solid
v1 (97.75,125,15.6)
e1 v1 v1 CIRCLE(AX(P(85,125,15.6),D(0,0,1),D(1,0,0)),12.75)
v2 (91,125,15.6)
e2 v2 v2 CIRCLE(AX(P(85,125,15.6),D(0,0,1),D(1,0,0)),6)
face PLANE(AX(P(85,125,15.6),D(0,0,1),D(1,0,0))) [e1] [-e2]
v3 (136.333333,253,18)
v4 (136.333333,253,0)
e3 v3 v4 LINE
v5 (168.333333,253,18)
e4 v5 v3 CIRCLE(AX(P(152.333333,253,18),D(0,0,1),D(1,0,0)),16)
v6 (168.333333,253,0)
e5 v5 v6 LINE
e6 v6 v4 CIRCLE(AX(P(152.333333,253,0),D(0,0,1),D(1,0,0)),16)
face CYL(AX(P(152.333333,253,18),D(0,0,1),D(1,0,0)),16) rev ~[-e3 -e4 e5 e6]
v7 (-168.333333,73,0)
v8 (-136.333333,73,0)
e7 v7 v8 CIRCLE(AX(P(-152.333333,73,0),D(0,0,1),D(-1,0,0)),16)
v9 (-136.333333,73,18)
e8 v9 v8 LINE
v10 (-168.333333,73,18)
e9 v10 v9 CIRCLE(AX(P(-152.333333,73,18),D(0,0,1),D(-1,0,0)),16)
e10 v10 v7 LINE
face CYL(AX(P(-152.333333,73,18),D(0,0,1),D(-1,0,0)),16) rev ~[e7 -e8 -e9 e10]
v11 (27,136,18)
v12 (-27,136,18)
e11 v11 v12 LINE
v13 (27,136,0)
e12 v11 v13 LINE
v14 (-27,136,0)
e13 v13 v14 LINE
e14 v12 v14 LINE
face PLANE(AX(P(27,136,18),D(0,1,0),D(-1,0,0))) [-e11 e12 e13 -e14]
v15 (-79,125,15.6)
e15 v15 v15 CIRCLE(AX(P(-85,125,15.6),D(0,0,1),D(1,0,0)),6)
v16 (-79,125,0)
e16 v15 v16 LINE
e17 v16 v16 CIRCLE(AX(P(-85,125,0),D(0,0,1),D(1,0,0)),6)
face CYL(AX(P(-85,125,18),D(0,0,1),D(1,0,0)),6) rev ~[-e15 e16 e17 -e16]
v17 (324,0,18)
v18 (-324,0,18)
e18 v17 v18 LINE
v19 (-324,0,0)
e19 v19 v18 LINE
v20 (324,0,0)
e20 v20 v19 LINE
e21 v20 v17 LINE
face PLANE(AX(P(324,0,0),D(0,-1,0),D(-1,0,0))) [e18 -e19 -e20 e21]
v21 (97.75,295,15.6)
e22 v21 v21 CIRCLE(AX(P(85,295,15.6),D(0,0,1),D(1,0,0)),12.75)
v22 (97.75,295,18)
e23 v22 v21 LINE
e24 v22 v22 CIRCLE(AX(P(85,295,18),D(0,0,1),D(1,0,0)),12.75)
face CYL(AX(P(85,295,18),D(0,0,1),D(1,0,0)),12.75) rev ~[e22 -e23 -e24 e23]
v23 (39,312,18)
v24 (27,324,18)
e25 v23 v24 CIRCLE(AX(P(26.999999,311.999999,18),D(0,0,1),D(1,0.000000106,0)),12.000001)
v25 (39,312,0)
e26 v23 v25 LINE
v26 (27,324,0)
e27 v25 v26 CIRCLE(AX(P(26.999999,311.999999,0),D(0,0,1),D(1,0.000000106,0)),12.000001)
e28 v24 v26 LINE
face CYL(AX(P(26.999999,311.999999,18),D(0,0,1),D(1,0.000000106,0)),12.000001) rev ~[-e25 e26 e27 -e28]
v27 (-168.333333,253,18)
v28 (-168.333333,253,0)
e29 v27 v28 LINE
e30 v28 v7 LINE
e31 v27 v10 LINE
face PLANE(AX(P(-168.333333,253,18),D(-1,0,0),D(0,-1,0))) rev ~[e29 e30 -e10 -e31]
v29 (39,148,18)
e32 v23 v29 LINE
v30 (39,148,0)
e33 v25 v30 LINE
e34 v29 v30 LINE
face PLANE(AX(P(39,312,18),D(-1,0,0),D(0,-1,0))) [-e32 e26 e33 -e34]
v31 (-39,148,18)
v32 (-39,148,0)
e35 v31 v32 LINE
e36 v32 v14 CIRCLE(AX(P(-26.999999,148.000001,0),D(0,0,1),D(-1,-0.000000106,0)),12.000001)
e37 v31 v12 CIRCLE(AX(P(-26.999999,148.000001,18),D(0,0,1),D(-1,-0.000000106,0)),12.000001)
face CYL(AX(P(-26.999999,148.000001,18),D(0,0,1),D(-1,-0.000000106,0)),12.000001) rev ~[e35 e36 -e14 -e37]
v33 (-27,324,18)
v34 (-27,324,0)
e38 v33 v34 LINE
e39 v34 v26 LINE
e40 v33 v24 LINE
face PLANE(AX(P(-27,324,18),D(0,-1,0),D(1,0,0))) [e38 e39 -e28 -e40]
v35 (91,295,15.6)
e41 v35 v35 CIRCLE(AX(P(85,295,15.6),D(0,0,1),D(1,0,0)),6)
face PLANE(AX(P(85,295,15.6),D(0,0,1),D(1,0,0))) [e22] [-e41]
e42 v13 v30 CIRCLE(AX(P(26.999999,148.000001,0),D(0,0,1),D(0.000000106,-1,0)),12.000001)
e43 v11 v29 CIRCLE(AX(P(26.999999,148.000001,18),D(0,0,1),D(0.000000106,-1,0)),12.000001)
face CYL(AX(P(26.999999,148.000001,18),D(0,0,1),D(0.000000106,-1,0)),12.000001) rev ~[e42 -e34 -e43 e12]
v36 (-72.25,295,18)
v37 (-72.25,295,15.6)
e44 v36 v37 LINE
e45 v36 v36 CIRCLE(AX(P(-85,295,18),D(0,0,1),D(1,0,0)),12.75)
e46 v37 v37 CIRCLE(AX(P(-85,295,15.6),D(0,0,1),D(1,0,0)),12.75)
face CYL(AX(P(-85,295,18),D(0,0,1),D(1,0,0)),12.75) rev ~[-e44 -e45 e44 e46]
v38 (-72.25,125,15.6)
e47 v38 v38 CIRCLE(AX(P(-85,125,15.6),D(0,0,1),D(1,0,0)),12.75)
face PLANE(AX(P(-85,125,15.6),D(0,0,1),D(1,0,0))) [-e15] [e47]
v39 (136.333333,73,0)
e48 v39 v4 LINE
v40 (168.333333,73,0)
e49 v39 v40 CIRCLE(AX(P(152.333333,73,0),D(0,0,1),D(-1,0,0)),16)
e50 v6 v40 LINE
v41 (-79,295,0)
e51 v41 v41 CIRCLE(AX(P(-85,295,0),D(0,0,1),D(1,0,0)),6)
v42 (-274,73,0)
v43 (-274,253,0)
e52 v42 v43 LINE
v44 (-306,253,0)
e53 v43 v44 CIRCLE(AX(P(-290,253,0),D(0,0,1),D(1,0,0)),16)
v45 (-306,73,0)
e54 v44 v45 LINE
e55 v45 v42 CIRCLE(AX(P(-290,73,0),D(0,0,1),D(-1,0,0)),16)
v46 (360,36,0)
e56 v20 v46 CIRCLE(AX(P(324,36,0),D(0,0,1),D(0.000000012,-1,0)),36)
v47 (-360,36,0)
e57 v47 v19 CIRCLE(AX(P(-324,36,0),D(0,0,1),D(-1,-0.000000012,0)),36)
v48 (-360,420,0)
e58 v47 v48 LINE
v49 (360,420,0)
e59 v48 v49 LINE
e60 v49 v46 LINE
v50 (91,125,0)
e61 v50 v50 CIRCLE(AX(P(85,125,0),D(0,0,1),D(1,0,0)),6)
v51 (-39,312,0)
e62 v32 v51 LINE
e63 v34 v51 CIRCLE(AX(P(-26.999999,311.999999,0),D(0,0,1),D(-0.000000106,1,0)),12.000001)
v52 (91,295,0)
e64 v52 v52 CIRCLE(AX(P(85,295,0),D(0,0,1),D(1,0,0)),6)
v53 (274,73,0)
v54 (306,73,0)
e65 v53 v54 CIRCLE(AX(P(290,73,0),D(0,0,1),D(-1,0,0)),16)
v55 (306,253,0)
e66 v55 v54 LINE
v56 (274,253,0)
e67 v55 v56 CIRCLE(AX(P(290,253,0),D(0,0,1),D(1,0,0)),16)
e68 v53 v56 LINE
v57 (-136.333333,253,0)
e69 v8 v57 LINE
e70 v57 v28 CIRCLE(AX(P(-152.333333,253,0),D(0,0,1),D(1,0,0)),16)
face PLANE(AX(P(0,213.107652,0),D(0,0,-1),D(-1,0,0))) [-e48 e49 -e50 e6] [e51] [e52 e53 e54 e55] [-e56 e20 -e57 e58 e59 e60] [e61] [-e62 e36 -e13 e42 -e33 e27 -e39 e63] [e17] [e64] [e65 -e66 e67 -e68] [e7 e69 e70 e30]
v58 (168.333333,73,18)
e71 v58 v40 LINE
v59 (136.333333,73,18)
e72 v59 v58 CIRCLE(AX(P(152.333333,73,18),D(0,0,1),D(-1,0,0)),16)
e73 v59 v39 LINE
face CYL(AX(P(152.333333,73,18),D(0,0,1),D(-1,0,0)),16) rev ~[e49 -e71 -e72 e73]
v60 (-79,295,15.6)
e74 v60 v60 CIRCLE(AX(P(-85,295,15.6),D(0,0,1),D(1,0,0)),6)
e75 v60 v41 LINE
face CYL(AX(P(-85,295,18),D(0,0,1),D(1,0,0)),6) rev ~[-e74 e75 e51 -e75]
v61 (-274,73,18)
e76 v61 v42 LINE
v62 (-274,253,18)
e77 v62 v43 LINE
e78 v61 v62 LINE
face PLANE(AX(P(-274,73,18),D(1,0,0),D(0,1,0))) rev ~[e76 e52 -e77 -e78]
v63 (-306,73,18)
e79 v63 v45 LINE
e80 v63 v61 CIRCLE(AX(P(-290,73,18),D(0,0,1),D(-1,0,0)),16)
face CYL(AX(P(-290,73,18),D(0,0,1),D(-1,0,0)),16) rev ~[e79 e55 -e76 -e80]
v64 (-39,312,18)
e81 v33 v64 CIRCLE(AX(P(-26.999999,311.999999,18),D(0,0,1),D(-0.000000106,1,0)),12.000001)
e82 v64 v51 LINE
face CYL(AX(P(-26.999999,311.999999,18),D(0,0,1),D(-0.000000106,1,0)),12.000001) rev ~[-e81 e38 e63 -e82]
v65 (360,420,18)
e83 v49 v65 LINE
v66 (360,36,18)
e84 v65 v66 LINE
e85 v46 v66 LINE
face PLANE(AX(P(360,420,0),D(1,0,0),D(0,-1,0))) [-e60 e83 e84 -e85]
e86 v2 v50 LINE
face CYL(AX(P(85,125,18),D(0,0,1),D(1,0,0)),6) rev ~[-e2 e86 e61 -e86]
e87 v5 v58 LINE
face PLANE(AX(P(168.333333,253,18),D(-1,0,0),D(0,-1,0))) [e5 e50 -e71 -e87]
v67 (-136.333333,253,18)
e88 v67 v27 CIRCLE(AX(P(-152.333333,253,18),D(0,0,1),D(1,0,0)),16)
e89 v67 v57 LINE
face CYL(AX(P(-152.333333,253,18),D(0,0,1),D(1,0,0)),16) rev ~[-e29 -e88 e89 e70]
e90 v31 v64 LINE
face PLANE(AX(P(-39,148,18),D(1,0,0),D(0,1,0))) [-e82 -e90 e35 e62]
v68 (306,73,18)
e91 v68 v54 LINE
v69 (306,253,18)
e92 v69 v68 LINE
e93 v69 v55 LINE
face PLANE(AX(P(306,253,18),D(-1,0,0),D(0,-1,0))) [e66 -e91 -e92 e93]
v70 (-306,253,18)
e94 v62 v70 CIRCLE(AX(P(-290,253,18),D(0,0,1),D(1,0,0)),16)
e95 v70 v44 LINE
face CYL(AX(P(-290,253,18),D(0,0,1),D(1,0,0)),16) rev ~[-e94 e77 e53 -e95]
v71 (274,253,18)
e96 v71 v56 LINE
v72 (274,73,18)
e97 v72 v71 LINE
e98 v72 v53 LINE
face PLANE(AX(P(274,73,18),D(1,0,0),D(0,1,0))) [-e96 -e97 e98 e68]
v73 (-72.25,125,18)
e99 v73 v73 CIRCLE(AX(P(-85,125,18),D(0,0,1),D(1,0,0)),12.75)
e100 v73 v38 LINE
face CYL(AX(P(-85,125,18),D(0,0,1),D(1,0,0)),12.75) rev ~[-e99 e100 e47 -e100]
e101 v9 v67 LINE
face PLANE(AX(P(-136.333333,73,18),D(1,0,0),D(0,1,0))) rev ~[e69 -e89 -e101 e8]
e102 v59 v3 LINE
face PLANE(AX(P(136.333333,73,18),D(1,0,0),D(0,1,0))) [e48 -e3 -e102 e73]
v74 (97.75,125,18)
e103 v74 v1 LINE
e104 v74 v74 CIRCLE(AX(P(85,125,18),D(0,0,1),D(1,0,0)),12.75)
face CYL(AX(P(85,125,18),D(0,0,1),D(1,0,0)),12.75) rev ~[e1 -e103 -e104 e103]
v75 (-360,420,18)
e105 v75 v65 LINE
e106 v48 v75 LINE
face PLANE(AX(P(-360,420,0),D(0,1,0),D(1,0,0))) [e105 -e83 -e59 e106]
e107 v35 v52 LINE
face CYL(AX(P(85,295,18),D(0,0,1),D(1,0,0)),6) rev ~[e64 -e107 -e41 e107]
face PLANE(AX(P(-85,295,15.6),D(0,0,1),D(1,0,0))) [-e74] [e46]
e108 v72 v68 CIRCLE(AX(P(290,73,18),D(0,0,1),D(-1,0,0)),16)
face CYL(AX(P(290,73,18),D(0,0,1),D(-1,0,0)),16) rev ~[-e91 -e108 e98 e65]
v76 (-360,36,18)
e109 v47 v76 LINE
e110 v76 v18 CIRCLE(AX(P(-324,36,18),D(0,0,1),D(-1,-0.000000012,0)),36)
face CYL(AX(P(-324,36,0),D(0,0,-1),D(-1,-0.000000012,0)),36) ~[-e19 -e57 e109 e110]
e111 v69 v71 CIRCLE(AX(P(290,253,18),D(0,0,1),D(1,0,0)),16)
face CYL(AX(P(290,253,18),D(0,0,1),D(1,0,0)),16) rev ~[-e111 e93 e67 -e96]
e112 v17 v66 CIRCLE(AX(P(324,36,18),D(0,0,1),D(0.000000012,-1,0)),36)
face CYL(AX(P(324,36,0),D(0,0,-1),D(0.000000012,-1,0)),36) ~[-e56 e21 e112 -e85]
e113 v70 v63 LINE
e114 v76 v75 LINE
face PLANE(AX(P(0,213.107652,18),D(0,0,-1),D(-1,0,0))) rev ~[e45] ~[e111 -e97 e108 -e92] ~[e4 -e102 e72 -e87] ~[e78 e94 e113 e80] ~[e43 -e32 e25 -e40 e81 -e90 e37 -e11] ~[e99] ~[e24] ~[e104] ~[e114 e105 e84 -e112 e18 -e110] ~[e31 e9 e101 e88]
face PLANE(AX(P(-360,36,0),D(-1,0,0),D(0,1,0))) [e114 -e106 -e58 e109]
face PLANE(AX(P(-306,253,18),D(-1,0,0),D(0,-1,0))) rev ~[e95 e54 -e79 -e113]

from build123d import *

# Parameters (mm, degrees)
PAD_DEPTH       = 18
SKETCH001_R     = 6
POCKET_DEPTH    = 18
SKETCH006_R     = 12.75
POCKET003_DEPTH = 2.4


with BuildPart() as part:
    # Sketch → Pad (new body)
    with BuildSketch(Plane.XY):
        with BuildLine():
            Line((-360, 420), (360, 420))
            Line((360, 420), (360, 36))
            ThreePointArc((324, 0), (349.455844, 10.544156), (360, 36))
            Line((324, 0), (-324, 0))
            ThreePointArc((-360, 36), (-349.455844, 10.544156), (-324, 0))
            Line((-360, 36), (-360, 420))
        make_face()
    extrude(amount=PAD_DEPTH)

    # Sketch001 → Pocket (cut)
    with BuildSketch(Plane.XY.offset(18)):
        with Locations((-85, 125)):
            Circle(SKETCH001_R)
        with Locations((-85, 295)):
            Circle(SKETCH001_R)
        with Locations((85, 295)):
            Circle(SKETCH001_R)
        with Locations((85, 125)):
            Circle(SKETCH001_R)
        with BuildLine():
            ThreePointArc((-274, 253), (-290, 269), (-306, 253))
            Line((-306, 253), (-306, 73))
            ThreePointArc((-306, 73), (-290, 57), (-274, 73))
            Line((-274, 73), (-274, 253))
        make_face()
        with BuildLine():
            ThreePointArc((-136.333333, 253), (-152.333333, 269), (-168.333333, 253))
            Line((-168.333333, 253), (-168.333333, 73))
            ThreePointArc((-168.333333, 73), (-152.333333, 57), (-136.333333, 73))
            Line((-136.333333, 73), (-136.333333, 253))
        make_face()
        with BuildLine():
            ThreePointArc((306, 253), (290, 269), (274, 253))
            Line((274, 73), (274, 253))
            ThreePointArc((274, 73), (290, 57), (306, 73))
            Line((306, 253), (306, 73))
        make_face()
        with BuildLine():
            ThreePointArc((168.333333, 253), (152.333333, 269), (136.333333, 253))
            Line((136.333333, 73), (136.333333, 253))
            ThreePointArc((136.333333, 73), (152.333333, 57), (168.333333, 73))
            Line((168.333333, 253), (168.333333, 73))
        make_face()
        with BuildLine():
            Line((-27, 324), (27, 324))
            ThreePointArc((39, 312), (35.485281, 320.485281), (27, 324))
            Line((39, 312), (39, 148))
            ThreePointArc((27, 136), (35.485281, 139.514719), (39, 148))
            Line((27, 136), (-27, 136))
            ThreePointArc((-39, 148), (-35.485281, 139.514719), (-27, 136))
            Line((-39, 148), (-39, 312))
            ThreePointArc((-27, 324), (-35.485281, 320.485281), (-39, 312))
        make_face()
    extrude(amount=-POCKET_DEPTH, mode=Mode.SUBTRACT)

    # Sketch006 → Pocket003 (cut)
    with BuildSketch(Plane.XY.offset(18)):
        with Locations((-85, 295)):
            Circle(SKETCH006_R)
        with Locations((85, 295)):
            Circle(SKETCH006_R)
        with Locations((-85, 125)):
            Circle(SKETCH006_R)
        with Locations((85, 125)):
            Circle(SKETCH006_R)
    extrude(amount=-POCKET003_DEPTH, mode=Mode.SUBTRACT)


solid = part.part
